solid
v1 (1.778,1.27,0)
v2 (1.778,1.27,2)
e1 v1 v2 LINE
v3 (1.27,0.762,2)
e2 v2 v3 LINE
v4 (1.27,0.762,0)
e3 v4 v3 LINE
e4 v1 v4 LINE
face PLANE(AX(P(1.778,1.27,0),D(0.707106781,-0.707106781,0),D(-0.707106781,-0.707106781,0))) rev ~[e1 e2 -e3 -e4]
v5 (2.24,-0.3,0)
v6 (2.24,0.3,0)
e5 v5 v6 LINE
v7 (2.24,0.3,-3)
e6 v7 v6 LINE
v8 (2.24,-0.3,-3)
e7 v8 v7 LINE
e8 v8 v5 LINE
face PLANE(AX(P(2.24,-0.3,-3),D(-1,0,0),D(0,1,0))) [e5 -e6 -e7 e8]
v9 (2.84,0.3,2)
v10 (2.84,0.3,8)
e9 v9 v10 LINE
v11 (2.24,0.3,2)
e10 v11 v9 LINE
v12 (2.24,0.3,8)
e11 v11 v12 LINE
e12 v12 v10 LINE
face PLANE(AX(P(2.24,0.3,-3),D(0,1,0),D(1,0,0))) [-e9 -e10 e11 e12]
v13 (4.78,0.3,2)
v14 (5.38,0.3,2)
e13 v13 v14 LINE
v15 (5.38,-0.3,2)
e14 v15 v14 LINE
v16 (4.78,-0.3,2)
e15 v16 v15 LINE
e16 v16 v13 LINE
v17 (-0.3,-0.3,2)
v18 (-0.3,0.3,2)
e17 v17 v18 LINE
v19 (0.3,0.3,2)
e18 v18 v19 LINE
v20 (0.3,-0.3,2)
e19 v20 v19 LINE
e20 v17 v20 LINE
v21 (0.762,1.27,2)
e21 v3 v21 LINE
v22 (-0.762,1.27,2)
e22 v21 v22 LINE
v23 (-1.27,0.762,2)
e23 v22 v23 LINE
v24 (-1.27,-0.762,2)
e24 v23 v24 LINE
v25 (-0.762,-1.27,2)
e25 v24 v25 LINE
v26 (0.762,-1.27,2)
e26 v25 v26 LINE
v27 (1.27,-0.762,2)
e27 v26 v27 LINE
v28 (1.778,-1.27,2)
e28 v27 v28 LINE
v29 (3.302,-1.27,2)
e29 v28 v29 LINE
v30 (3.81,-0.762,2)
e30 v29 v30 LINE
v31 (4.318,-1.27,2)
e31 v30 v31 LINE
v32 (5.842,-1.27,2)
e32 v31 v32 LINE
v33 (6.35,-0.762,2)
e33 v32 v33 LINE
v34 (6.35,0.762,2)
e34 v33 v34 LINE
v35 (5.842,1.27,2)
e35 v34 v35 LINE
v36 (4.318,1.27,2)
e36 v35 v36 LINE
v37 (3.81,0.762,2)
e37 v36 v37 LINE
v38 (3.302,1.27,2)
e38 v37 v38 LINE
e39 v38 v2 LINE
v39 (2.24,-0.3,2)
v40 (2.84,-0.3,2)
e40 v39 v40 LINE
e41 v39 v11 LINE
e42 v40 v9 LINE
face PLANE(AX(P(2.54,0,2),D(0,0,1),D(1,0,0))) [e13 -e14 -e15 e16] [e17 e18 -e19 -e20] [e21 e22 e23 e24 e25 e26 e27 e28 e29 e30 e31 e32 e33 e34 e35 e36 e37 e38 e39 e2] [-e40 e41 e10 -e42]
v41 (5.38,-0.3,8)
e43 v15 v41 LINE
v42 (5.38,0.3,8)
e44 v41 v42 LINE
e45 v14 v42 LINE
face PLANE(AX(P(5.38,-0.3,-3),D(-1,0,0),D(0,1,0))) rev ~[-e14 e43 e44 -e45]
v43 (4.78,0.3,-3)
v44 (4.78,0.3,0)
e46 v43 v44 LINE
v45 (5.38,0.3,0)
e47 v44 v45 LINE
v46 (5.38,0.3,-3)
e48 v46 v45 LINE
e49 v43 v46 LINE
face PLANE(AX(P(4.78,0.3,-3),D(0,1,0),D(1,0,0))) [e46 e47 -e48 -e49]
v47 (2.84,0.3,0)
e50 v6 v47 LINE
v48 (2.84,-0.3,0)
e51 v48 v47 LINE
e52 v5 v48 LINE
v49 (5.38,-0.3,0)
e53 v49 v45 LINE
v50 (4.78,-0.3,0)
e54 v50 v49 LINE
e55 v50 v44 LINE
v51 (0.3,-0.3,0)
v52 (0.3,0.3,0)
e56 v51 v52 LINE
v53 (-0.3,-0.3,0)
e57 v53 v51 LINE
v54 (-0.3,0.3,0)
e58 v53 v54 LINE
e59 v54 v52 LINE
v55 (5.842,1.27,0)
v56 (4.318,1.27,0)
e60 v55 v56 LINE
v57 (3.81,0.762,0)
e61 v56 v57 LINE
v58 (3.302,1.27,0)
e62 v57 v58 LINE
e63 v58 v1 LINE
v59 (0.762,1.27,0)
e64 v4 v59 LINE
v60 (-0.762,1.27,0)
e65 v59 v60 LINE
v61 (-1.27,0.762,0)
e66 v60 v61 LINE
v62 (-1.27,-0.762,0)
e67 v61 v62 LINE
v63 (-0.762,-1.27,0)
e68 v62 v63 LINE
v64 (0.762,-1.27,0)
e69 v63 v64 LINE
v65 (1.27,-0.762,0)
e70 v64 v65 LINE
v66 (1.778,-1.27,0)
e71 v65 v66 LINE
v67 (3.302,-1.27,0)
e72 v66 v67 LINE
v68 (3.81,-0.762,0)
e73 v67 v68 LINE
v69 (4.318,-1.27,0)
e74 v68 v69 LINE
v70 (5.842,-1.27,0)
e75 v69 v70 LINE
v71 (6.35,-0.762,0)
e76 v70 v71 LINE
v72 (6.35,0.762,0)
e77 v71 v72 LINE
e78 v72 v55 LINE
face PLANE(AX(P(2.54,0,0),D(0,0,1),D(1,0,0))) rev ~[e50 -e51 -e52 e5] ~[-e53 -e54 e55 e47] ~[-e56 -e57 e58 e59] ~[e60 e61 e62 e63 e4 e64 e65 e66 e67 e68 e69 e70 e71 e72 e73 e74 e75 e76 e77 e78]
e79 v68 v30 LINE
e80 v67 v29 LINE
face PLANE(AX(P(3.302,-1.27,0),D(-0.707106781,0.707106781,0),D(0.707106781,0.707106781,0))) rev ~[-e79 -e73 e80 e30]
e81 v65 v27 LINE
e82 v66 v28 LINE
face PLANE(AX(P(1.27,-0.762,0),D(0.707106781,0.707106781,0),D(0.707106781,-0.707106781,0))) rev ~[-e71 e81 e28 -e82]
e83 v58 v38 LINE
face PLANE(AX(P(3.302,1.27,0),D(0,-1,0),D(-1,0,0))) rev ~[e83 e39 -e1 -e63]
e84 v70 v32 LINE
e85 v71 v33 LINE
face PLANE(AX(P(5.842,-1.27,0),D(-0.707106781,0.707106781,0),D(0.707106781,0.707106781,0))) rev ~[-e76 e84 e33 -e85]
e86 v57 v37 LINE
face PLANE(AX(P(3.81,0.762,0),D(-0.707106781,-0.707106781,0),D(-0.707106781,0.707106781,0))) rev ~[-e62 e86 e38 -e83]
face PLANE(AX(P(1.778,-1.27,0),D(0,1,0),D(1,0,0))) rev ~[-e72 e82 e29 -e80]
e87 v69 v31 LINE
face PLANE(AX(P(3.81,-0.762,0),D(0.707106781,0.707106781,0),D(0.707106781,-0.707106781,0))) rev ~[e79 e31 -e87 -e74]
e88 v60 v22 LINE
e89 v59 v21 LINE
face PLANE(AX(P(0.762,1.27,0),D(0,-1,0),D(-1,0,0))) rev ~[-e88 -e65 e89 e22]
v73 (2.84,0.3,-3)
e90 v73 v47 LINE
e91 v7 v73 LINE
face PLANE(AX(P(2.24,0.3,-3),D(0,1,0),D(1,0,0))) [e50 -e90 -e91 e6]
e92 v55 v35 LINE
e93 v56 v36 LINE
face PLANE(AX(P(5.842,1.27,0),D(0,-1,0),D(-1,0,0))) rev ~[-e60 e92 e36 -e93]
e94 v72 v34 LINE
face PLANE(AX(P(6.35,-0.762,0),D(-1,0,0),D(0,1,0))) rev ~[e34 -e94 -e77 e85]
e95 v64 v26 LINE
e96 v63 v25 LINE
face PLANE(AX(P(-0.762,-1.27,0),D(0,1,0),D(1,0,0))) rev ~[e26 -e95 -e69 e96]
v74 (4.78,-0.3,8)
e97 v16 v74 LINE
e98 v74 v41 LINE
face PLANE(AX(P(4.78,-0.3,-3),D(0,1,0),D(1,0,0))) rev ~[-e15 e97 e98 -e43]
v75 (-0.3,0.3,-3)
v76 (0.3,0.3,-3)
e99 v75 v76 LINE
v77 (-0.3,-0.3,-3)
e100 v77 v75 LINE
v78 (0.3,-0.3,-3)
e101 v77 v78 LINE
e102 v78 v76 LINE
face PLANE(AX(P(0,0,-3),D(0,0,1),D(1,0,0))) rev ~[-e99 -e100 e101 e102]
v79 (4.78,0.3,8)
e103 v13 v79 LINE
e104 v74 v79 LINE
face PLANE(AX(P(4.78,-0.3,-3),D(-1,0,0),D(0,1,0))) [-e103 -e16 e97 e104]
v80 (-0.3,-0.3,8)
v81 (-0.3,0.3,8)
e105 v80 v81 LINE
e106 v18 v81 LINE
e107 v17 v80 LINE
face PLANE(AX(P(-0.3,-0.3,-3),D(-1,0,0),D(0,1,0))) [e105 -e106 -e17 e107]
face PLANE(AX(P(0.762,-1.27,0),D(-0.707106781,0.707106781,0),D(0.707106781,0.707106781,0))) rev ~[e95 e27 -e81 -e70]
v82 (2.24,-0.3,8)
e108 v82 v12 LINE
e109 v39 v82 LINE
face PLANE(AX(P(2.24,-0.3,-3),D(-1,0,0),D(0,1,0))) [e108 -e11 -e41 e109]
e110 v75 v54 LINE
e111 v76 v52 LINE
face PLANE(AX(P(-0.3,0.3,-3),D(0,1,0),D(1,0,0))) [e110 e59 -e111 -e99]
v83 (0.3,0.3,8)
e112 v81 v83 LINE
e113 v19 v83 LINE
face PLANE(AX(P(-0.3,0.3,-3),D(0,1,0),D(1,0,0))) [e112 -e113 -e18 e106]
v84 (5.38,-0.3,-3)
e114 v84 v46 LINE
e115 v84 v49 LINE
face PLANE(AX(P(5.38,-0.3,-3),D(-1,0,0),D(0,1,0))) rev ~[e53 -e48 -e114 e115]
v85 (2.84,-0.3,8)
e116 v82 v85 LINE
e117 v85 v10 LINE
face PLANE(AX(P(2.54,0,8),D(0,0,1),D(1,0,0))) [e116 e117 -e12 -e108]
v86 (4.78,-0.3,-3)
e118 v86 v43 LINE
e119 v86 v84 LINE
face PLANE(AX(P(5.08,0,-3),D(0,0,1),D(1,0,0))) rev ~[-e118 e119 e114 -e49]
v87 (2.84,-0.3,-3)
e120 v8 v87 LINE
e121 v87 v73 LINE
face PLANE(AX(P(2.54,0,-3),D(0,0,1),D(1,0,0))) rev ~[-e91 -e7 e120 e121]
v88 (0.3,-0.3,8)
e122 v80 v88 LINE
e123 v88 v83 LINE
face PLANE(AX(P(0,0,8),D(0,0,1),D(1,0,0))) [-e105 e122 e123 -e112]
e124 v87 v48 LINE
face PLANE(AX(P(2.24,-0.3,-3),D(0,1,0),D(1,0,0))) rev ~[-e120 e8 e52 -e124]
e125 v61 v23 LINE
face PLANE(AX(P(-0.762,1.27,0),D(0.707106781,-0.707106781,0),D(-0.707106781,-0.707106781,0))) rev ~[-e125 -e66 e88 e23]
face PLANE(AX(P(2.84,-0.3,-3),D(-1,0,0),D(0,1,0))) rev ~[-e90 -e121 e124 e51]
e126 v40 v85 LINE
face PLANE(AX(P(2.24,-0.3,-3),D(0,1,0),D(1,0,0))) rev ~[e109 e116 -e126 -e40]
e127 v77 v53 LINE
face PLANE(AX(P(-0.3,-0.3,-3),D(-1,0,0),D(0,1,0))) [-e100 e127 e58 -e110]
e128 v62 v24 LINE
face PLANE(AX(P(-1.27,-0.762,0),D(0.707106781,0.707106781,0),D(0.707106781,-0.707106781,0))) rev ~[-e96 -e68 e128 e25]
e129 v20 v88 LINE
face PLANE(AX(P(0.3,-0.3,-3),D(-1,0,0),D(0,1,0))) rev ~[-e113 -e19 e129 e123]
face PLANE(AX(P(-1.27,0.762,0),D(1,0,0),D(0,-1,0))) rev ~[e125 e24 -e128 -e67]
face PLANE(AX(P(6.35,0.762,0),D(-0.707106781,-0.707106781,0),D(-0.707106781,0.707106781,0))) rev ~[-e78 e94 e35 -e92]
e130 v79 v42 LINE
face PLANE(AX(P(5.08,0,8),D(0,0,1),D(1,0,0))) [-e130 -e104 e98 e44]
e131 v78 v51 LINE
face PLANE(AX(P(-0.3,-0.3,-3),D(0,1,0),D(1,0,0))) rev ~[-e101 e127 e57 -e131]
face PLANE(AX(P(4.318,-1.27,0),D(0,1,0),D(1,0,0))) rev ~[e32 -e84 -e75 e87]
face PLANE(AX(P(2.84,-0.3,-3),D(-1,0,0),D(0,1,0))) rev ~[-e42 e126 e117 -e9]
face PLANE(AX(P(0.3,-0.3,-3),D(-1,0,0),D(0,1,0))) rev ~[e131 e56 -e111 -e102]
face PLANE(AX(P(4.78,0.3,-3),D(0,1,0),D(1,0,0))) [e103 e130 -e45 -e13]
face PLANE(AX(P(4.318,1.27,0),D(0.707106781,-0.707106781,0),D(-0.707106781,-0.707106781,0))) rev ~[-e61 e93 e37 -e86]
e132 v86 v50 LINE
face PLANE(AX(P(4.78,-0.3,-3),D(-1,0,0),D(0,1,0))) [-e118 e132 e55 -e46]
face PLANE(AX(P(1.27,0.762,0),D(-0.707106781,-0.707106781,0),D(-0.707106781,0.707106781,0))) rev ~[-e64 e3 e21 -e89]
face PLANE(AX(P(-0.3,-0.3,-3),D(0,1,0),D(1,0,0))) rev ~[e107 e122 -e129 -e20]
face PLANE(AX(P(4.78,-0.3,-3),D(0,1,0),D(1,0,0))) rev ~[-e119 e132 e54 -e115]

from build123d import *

# Parameters (mm, degrees)
SKETCH_1_W           = 0.6
SKETCH_1_H           = 0.6
EXTRUDE_1_DEPTH      = 2
EXTRUDE_2_DEPTH      = 6
EXTRUDE_2_DEPTH_BACK = 5
SKETCH_2_W           = 0.6
SKETCH_2_H           = 0.6


with BuildPart() as part:
    # 草图1 → 凸台-拉伸1 (new body)
    with BuildSketch(Plane.XY):
        Polygon((-0.762, 1.27), (-1.27, 0.762), (-1.27, -0.762), (-0.762, -1.27), (0.762, -1.27), (1.27, -0.762), (1.778, -1.27), (3.302, -1.27), (3.81, -0.762), (4.318, -1.27), (5.842, -1.27), (6.35, -0.762), (6.35, 0.762), (5.842, 1.27), (4.318, 1.27), (3.81, 0.762), (3.302, 1.27), (1.778, 1.27), (1.27, 0.762), (0.762, 1.27), align=None)
        with Locations((2.54, 0)):
            Rectangle(SKETCH_1_W, SKETCH_1_H, mode=Mode.SUBTRACT)
        Rectangle(SKETCH_1_W, SKETCH_1_H, mode=Mode.SUBTRACT)
        with Locations((5.08, 0)):
            Rectangle(SKETCH_1_W, SKETCH_1_H, mode=Mode.SUBTRACT)
    extrude(amount=EXTRUDE_1_DEPTH)

    # 草图2 → 凸台-拉伸2 (add, two sides: drawn at the far end of the back side and taken through both)
    with BuildSketch(Plane.XY.offset(2).offset(-EXTRUDE_2_DEPTH_BACK)):
        Rectangle(SKETCH_2_W, SKETCH_2_H)
        with Locations((2.54, 0)):
            Rectangle(SKETCH_2_W, SKETCH_2_H)
        with Locations((5.08, 0)):
            Rectangle(SKETCH_2_W, SKETCH_2_H)
    extrude(amount=EXTRUDE_2_DEPTH + EXTRUDE_2_DEPTH_BACK)


solid = part.part
